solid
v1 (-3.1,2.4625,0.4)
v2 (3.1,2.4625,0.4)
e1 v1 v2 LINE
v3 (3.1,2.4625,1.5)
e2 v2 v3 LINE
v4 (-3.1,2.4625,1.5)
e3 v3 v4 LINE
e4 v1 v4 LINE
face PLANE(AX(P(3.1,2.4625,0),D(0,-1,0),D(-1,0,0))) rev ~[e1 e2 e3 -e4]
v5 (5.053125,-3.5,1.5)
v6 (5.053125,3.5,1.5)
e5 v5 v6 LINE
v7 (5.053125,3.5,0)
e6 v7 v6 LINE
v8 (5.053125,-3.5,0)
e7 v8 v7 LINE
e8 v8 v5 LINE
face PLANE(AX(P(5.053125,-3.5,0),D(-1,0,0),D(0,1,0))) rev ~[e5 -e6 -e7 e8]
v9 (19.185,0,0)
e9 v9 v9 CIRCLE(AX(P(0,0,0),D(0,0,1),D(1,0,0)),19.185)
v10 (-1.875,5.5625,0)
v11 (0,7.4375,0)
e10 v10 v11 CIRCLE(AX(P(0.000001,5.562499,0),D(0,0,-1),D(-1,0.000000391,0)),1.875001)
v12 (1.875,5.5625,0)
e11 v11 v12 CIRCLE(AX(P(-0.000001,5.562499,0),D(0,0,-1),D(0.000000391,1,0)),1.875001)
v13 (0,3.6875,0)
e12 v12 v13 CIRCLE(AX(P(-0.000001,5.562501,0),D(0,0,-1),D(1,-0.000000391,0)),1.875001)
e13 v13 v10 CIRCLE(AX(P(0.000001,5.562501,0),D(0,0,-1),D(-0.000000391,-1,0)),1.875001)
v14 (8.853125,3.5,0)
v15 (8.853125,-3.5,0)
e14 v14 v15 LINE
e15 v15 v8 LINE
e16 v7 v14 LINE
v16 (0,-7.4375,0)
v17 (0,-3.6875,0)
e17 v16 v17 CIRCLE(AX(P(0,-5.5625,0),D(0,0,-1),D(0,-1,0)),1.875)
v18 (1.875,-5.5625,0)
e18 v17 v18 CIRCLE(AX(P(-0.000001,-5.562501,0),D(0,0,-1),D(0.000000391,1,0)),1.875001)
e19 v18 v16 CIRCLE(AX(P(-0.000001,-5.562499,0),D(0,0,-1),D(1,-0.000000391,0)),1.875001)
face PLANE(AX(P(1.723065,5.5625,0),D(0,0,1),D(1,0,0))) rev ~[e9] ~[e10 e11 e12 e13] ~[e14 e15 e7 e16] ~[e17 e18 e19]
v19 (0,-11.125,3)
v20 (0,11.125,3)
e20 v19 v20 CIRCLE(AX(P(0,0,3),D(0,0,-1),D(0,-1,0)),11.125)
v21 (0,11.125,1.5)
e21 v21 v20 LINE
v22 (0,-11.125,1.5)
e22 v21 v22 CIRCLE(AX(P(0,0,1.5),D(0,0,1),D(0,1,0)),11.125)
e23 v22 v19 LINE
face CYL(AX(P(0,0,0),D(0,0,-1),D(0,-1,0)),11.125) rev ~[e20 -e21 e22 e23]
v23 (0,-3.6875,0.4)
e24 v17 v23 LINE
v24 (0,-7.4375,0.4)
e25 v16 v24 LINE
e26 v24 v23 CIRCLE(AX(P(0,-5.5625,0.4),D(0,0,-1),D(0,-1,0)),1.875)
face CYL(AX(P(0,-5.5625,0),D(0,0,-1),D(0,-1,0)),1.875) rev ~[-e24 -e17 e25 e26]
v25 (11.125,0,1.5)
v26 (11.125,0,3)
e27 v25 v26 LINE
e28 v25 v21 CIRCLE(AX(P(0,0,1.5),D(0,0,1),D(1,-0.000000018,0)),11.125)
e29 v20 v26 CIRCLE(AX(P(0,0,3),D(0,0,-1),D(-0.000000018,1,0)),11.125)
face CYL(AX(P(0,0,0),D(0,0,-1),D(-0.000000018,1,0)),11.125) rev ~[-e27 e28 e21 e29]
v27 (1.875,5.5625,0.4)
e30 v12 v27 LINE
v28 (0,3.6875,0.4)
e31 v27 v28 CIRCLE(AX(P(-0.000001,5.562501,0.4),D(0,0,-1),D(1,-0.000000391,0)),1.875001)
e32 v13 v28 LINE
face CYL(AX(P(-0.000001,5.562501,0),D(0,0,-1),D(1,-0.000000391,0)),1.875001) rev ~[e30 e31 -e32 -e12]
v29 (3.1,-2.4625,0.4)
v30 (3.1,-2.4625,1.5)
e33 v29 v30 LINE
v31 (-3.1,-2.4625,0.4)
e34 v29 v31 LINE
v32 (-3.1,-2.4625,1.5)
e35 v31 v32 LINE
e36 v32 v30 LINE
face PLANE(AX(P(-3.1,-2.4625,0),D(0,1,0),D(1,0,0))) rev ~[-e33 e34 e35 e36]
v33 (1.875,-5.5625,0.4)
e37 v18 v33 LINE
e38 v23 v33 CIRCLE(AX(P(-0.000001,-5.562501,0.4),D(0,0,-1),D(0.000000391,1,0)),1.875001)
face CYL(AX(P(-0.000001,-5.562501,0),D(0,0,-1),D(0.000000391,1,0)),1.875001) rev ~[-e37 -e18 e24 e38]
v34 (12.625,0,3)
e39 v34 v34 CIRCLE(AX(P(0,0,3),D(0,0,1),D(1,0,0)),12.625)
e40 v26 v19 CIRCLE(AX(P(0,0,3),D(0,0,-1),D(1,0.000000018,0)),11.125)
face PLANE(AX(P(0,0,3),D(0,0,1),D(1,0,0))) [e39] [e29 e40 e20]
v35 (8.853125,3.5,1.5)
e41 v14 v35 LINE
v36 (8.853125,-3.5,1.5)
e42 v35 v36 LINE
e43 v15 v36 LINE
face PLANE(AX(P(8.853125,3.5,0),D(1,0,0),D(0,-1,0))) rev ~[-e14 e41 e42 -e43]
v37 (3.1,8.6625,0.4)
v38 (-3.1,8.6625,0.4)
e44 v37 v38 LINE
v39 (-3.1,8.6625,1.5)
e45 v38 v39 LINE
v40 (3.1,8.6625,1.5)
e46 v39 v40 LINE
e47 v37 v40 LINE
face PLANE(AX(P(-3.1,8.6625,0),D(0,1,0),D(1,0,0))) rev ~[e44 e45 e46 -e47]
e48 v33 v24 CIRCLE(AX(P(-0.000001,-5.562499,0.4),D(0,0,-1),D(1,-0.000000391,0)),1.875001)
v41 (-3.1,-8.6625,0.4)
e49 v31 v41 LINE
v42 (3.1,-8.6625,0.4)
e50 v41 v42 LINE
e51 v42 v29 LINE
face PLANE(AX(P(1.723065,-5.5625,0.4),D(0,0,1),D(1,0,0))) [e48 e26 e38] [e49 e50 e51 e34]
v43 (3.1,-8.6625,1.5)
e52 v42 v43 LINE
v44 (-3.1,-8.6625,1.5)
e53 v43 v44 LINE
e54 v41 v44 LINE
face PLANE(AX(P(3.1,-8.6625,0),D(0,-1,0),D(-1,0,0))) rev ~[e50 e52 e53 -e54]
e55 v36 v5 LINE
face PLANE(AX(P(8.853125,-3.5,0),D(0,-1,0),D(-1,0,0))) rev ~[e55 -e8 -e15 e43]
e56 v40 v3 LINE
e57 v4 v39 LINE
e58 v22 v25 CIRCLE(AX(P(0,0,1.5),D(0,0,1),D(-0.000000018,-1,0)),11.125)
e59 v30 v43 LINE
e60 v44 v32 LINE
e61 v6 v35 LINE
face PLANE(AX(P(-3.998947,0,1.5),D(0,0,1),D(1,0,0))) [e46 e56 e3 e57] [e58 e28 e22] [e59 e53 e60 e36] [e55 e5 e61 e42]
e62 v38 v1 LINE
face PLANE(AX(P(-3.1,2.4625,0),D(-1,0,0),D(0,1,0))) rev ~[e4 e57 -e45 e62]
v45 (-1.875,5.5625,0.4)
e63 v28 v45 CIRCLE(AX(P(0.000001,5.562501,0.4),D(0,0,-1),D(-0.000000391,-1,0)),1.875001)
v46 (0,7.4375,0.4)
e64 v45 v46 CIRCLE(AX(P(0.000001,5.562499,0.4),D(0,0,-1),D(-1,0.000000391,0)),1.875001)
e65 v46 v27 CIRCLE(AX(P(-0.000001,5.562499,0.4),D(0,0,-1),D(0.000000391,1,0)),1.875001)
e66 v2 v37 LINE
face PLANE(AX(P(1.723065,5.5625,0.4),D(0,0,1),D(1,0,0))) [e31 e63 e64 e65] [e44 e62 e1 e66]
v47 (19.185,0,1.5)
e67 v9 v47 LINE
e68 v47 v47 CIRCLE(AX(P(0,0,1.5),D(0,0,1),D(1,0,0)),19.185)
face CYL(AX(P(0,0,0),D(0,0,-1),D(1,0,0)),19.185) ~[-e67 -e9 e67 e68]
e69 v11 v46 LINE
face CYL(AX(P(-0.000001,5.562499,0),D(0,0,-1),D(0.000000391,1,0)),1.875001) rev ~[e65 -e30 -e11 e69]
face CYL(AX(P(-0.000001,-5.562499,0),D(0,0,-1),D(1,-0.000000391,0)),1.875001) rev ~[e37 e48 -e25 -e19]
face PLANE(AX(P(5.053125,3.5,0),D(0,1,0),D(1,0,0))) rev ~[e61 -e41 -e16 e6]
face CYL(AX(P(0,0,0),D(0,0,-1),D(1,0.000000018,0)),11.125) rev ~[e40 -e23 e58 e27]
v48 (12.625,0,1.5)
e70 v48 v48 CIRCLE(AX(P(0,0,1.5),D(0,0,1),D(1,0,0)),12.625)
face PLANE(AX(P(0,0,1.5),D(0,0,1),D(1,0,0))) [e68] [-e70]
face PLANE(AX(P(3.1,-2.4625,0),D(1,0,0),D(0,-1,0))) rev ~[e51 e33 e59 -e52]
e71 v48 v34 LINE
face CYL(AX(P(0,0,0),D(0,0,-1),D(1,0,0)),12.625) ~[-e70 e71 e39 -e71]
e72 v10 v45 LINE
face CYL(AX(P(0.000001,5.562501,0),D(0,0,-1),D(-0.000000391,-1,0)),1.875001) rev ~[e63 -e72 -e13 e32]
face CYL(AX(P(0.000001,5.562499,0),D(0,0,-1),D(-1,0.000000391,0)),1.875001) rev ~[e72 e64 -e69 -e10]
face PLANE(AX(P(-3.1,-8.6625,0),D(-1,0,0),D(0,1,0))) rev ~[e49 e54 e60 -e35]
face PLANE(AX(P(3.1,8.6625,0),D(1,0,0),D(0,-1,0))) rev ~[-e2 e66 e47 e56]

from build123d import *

# Parameters (mm, degrees)
F0_R     = 19.185
F0_R_2   = 12.625
F1_DEPTH = 1.5
F2_DEPTH = 3
F3_DEPTH = 1.5
F4_DEPTH = 0.4


with BuildPart() as f1:
    # F0 (on Top) → F1 (new body)
    with BuildSketch(Plane.XY):
        Circle(F0_R)
        Circle(F0_R_2, mode=Mode.SUBTRACT)
    extrude(amount=F1_DEPTH)

    # F0 (on Top) → F2 (join)
    with BuildSketch(Plane.XY):
        Circle(F0_R_2)
        with BuildLine():
            ThreePointArc((0, 11.125), (7.866563, 7.866563), (11.125, 0))
            ThreePointArc((11.125, 0), (7.866563, -7.866563), (0, -11.125))
            ThreePointArc((0, -11.125), (-11.125, 0), (0, 11.125))
        make_face(mode=Mode.SUBTRACT)
    extrude(amount=F2_DEPTH)

    # F0 (on Top) → F3 (join)
    with BuildSketch(Plane.XY):
        with BuildLine():
            Line((0, 8.6625), (0, 11.125))
            ThreePointArc((0, 11.125), (-11.125, 0), (0, -11.125))
            Line((0, -11.125), (0, -8.6625))
            Line((0, -8.6625), (-3.1, -8.6625))
            Line((-3.1, -8.6625), (-3.1, -2.4625))
            Line((-3.1, -2.4625), (0, -2.4625))
            Line((0, -2.4625), (0, 2.4625))
            Line((0, 2.4625), (-3.1, 2.4625))
            Line((-3.1, 2.4625), (-3.1, 5.5625))
            Line((-3.1, 5.5625), (-3.1, 8.6625))
            Line((-3.1, 8.6625), (0, 8.6625))
        make_face()
        with BuildLine():
            ThreePointArc((0, -11.125), (7.866563, -7.866563), (11.125, 0))
            ThreePointArc((11.125, 0), (7.866563, 7.866563), (0, 11.125))
            Line((0, 11.125), (0, 8.6625))
            Line((0, 8.6625), (3.1, 8.6625))
            Line((3.1, 8.6625), (3.1, 2.4625))
            Line((3.1, 2.4625), (0, 2.4625))
            Line((0, 2.4625), (0, -2.4625))
            Line((0, -2.4625), (3.1, -2.4625))
            Line((3.1, -2.4625), (3.1, -8.6625))
            Line((3.1, -8.6625), (0, -8.6625))
            Line((0, -8.6625), (0, -11.125))
        make_face()
        Polygon((8.853125, -3.5), (6.953125, -3.5), (5.053125, -3.5), (5.053125, 3.5), (6.953125, 3.5), (8.853125, 3.5), align=None, mode=Mode.SUBTRACT)
    extrude(amount=F3_DEPTH)

    # F0 (on Top) → F4 (join)
    with BuildSketch(Plane.XY):
        with BuildLine():
            Line((3.1, 8.6625), (0, 8.6625))
            Line((0, 8.6625), (0, 8.34375))
            Line((0, 8.34375), (0, 7.4375))
            ThreePointArc((0, 7.4375), (1.325825, 6.888325), (1.875, 5.5625))
            ThreePointArc((1.875, 5.5625), (1.325825, 4.236675), (0, 3.6875))
            Line((0, 3.6875), (0, 2.4625))
            Line((0, 2.4625), (3.1, 2.4625))
            Line((3.1, 2.4625), (3.1, 8.6625))
        make_face()
        with BuildLine():
            Line((0, 8.34375), (0, 8.6625))
            Line((0, 8.6625), (-3.1, 8.6625))
            Line((-3.1, 8.6625), (-3.1, 5.5625))
            Line((-3.1, 5.5625), (-1.875, 5.5625))
            ThreePointArc((-1.875, 5.5625), (-1.325825, 6.888325), (0, 7.4375))
            Line((0, 7.4375), (0, 8.34375))
        make_face()
        with BuildLine():
            Line((-1.875, 5.5625), (-3.1, 5.5625))
            Line((-3.1, 5.5625), (-3.1, 2.4625))
            Line((-3.1, 2.4625), (0, 2.4625))
            Line((0, 2.4625), (0, 3.6875))
            ThreePointArc((0, 3.6875), (-1.325825, 4.236675), (-1.875, 5.5625))
        make_face()
        with BuildLine():
            Line((0, -7.4375), (0, -8.6625))
            Line((0, -8.6625), (3.1, -8.6625))
            Line((3.1, -8.6625), (3.1, -2.4625))
            Line((3.1, -2.4625), (0, -2.4625))
            Line((0, -2.4625), (0, -3.6875))
            ThreePointArc((0, -3.6875), (1.325825, -4.236675), (1.875, -5.5625))
            ThreePointArc((1.875, -5.5625), (1.325825, -6.888325), (0, -7.4375))
        make_face()
        with BuildLine():
            Line((-3.1, -8.6625), (0, -8.6625))
            Line((0, -8.6625), (0, -7.4375))
            ThreePointArc((0, -7.4375), (-1.875, -5.5625), (0, -3.6875))
            Line((0, -3.6875), (0, -2.4625))
            Line((0, -2.4625), (-3.1, -2.4625))
            Line((-3.1, -2.4625), (-3.1, -8.6625))
        make_face()
    extrude(amount=F4_DEPTH)


solid = f1.part
